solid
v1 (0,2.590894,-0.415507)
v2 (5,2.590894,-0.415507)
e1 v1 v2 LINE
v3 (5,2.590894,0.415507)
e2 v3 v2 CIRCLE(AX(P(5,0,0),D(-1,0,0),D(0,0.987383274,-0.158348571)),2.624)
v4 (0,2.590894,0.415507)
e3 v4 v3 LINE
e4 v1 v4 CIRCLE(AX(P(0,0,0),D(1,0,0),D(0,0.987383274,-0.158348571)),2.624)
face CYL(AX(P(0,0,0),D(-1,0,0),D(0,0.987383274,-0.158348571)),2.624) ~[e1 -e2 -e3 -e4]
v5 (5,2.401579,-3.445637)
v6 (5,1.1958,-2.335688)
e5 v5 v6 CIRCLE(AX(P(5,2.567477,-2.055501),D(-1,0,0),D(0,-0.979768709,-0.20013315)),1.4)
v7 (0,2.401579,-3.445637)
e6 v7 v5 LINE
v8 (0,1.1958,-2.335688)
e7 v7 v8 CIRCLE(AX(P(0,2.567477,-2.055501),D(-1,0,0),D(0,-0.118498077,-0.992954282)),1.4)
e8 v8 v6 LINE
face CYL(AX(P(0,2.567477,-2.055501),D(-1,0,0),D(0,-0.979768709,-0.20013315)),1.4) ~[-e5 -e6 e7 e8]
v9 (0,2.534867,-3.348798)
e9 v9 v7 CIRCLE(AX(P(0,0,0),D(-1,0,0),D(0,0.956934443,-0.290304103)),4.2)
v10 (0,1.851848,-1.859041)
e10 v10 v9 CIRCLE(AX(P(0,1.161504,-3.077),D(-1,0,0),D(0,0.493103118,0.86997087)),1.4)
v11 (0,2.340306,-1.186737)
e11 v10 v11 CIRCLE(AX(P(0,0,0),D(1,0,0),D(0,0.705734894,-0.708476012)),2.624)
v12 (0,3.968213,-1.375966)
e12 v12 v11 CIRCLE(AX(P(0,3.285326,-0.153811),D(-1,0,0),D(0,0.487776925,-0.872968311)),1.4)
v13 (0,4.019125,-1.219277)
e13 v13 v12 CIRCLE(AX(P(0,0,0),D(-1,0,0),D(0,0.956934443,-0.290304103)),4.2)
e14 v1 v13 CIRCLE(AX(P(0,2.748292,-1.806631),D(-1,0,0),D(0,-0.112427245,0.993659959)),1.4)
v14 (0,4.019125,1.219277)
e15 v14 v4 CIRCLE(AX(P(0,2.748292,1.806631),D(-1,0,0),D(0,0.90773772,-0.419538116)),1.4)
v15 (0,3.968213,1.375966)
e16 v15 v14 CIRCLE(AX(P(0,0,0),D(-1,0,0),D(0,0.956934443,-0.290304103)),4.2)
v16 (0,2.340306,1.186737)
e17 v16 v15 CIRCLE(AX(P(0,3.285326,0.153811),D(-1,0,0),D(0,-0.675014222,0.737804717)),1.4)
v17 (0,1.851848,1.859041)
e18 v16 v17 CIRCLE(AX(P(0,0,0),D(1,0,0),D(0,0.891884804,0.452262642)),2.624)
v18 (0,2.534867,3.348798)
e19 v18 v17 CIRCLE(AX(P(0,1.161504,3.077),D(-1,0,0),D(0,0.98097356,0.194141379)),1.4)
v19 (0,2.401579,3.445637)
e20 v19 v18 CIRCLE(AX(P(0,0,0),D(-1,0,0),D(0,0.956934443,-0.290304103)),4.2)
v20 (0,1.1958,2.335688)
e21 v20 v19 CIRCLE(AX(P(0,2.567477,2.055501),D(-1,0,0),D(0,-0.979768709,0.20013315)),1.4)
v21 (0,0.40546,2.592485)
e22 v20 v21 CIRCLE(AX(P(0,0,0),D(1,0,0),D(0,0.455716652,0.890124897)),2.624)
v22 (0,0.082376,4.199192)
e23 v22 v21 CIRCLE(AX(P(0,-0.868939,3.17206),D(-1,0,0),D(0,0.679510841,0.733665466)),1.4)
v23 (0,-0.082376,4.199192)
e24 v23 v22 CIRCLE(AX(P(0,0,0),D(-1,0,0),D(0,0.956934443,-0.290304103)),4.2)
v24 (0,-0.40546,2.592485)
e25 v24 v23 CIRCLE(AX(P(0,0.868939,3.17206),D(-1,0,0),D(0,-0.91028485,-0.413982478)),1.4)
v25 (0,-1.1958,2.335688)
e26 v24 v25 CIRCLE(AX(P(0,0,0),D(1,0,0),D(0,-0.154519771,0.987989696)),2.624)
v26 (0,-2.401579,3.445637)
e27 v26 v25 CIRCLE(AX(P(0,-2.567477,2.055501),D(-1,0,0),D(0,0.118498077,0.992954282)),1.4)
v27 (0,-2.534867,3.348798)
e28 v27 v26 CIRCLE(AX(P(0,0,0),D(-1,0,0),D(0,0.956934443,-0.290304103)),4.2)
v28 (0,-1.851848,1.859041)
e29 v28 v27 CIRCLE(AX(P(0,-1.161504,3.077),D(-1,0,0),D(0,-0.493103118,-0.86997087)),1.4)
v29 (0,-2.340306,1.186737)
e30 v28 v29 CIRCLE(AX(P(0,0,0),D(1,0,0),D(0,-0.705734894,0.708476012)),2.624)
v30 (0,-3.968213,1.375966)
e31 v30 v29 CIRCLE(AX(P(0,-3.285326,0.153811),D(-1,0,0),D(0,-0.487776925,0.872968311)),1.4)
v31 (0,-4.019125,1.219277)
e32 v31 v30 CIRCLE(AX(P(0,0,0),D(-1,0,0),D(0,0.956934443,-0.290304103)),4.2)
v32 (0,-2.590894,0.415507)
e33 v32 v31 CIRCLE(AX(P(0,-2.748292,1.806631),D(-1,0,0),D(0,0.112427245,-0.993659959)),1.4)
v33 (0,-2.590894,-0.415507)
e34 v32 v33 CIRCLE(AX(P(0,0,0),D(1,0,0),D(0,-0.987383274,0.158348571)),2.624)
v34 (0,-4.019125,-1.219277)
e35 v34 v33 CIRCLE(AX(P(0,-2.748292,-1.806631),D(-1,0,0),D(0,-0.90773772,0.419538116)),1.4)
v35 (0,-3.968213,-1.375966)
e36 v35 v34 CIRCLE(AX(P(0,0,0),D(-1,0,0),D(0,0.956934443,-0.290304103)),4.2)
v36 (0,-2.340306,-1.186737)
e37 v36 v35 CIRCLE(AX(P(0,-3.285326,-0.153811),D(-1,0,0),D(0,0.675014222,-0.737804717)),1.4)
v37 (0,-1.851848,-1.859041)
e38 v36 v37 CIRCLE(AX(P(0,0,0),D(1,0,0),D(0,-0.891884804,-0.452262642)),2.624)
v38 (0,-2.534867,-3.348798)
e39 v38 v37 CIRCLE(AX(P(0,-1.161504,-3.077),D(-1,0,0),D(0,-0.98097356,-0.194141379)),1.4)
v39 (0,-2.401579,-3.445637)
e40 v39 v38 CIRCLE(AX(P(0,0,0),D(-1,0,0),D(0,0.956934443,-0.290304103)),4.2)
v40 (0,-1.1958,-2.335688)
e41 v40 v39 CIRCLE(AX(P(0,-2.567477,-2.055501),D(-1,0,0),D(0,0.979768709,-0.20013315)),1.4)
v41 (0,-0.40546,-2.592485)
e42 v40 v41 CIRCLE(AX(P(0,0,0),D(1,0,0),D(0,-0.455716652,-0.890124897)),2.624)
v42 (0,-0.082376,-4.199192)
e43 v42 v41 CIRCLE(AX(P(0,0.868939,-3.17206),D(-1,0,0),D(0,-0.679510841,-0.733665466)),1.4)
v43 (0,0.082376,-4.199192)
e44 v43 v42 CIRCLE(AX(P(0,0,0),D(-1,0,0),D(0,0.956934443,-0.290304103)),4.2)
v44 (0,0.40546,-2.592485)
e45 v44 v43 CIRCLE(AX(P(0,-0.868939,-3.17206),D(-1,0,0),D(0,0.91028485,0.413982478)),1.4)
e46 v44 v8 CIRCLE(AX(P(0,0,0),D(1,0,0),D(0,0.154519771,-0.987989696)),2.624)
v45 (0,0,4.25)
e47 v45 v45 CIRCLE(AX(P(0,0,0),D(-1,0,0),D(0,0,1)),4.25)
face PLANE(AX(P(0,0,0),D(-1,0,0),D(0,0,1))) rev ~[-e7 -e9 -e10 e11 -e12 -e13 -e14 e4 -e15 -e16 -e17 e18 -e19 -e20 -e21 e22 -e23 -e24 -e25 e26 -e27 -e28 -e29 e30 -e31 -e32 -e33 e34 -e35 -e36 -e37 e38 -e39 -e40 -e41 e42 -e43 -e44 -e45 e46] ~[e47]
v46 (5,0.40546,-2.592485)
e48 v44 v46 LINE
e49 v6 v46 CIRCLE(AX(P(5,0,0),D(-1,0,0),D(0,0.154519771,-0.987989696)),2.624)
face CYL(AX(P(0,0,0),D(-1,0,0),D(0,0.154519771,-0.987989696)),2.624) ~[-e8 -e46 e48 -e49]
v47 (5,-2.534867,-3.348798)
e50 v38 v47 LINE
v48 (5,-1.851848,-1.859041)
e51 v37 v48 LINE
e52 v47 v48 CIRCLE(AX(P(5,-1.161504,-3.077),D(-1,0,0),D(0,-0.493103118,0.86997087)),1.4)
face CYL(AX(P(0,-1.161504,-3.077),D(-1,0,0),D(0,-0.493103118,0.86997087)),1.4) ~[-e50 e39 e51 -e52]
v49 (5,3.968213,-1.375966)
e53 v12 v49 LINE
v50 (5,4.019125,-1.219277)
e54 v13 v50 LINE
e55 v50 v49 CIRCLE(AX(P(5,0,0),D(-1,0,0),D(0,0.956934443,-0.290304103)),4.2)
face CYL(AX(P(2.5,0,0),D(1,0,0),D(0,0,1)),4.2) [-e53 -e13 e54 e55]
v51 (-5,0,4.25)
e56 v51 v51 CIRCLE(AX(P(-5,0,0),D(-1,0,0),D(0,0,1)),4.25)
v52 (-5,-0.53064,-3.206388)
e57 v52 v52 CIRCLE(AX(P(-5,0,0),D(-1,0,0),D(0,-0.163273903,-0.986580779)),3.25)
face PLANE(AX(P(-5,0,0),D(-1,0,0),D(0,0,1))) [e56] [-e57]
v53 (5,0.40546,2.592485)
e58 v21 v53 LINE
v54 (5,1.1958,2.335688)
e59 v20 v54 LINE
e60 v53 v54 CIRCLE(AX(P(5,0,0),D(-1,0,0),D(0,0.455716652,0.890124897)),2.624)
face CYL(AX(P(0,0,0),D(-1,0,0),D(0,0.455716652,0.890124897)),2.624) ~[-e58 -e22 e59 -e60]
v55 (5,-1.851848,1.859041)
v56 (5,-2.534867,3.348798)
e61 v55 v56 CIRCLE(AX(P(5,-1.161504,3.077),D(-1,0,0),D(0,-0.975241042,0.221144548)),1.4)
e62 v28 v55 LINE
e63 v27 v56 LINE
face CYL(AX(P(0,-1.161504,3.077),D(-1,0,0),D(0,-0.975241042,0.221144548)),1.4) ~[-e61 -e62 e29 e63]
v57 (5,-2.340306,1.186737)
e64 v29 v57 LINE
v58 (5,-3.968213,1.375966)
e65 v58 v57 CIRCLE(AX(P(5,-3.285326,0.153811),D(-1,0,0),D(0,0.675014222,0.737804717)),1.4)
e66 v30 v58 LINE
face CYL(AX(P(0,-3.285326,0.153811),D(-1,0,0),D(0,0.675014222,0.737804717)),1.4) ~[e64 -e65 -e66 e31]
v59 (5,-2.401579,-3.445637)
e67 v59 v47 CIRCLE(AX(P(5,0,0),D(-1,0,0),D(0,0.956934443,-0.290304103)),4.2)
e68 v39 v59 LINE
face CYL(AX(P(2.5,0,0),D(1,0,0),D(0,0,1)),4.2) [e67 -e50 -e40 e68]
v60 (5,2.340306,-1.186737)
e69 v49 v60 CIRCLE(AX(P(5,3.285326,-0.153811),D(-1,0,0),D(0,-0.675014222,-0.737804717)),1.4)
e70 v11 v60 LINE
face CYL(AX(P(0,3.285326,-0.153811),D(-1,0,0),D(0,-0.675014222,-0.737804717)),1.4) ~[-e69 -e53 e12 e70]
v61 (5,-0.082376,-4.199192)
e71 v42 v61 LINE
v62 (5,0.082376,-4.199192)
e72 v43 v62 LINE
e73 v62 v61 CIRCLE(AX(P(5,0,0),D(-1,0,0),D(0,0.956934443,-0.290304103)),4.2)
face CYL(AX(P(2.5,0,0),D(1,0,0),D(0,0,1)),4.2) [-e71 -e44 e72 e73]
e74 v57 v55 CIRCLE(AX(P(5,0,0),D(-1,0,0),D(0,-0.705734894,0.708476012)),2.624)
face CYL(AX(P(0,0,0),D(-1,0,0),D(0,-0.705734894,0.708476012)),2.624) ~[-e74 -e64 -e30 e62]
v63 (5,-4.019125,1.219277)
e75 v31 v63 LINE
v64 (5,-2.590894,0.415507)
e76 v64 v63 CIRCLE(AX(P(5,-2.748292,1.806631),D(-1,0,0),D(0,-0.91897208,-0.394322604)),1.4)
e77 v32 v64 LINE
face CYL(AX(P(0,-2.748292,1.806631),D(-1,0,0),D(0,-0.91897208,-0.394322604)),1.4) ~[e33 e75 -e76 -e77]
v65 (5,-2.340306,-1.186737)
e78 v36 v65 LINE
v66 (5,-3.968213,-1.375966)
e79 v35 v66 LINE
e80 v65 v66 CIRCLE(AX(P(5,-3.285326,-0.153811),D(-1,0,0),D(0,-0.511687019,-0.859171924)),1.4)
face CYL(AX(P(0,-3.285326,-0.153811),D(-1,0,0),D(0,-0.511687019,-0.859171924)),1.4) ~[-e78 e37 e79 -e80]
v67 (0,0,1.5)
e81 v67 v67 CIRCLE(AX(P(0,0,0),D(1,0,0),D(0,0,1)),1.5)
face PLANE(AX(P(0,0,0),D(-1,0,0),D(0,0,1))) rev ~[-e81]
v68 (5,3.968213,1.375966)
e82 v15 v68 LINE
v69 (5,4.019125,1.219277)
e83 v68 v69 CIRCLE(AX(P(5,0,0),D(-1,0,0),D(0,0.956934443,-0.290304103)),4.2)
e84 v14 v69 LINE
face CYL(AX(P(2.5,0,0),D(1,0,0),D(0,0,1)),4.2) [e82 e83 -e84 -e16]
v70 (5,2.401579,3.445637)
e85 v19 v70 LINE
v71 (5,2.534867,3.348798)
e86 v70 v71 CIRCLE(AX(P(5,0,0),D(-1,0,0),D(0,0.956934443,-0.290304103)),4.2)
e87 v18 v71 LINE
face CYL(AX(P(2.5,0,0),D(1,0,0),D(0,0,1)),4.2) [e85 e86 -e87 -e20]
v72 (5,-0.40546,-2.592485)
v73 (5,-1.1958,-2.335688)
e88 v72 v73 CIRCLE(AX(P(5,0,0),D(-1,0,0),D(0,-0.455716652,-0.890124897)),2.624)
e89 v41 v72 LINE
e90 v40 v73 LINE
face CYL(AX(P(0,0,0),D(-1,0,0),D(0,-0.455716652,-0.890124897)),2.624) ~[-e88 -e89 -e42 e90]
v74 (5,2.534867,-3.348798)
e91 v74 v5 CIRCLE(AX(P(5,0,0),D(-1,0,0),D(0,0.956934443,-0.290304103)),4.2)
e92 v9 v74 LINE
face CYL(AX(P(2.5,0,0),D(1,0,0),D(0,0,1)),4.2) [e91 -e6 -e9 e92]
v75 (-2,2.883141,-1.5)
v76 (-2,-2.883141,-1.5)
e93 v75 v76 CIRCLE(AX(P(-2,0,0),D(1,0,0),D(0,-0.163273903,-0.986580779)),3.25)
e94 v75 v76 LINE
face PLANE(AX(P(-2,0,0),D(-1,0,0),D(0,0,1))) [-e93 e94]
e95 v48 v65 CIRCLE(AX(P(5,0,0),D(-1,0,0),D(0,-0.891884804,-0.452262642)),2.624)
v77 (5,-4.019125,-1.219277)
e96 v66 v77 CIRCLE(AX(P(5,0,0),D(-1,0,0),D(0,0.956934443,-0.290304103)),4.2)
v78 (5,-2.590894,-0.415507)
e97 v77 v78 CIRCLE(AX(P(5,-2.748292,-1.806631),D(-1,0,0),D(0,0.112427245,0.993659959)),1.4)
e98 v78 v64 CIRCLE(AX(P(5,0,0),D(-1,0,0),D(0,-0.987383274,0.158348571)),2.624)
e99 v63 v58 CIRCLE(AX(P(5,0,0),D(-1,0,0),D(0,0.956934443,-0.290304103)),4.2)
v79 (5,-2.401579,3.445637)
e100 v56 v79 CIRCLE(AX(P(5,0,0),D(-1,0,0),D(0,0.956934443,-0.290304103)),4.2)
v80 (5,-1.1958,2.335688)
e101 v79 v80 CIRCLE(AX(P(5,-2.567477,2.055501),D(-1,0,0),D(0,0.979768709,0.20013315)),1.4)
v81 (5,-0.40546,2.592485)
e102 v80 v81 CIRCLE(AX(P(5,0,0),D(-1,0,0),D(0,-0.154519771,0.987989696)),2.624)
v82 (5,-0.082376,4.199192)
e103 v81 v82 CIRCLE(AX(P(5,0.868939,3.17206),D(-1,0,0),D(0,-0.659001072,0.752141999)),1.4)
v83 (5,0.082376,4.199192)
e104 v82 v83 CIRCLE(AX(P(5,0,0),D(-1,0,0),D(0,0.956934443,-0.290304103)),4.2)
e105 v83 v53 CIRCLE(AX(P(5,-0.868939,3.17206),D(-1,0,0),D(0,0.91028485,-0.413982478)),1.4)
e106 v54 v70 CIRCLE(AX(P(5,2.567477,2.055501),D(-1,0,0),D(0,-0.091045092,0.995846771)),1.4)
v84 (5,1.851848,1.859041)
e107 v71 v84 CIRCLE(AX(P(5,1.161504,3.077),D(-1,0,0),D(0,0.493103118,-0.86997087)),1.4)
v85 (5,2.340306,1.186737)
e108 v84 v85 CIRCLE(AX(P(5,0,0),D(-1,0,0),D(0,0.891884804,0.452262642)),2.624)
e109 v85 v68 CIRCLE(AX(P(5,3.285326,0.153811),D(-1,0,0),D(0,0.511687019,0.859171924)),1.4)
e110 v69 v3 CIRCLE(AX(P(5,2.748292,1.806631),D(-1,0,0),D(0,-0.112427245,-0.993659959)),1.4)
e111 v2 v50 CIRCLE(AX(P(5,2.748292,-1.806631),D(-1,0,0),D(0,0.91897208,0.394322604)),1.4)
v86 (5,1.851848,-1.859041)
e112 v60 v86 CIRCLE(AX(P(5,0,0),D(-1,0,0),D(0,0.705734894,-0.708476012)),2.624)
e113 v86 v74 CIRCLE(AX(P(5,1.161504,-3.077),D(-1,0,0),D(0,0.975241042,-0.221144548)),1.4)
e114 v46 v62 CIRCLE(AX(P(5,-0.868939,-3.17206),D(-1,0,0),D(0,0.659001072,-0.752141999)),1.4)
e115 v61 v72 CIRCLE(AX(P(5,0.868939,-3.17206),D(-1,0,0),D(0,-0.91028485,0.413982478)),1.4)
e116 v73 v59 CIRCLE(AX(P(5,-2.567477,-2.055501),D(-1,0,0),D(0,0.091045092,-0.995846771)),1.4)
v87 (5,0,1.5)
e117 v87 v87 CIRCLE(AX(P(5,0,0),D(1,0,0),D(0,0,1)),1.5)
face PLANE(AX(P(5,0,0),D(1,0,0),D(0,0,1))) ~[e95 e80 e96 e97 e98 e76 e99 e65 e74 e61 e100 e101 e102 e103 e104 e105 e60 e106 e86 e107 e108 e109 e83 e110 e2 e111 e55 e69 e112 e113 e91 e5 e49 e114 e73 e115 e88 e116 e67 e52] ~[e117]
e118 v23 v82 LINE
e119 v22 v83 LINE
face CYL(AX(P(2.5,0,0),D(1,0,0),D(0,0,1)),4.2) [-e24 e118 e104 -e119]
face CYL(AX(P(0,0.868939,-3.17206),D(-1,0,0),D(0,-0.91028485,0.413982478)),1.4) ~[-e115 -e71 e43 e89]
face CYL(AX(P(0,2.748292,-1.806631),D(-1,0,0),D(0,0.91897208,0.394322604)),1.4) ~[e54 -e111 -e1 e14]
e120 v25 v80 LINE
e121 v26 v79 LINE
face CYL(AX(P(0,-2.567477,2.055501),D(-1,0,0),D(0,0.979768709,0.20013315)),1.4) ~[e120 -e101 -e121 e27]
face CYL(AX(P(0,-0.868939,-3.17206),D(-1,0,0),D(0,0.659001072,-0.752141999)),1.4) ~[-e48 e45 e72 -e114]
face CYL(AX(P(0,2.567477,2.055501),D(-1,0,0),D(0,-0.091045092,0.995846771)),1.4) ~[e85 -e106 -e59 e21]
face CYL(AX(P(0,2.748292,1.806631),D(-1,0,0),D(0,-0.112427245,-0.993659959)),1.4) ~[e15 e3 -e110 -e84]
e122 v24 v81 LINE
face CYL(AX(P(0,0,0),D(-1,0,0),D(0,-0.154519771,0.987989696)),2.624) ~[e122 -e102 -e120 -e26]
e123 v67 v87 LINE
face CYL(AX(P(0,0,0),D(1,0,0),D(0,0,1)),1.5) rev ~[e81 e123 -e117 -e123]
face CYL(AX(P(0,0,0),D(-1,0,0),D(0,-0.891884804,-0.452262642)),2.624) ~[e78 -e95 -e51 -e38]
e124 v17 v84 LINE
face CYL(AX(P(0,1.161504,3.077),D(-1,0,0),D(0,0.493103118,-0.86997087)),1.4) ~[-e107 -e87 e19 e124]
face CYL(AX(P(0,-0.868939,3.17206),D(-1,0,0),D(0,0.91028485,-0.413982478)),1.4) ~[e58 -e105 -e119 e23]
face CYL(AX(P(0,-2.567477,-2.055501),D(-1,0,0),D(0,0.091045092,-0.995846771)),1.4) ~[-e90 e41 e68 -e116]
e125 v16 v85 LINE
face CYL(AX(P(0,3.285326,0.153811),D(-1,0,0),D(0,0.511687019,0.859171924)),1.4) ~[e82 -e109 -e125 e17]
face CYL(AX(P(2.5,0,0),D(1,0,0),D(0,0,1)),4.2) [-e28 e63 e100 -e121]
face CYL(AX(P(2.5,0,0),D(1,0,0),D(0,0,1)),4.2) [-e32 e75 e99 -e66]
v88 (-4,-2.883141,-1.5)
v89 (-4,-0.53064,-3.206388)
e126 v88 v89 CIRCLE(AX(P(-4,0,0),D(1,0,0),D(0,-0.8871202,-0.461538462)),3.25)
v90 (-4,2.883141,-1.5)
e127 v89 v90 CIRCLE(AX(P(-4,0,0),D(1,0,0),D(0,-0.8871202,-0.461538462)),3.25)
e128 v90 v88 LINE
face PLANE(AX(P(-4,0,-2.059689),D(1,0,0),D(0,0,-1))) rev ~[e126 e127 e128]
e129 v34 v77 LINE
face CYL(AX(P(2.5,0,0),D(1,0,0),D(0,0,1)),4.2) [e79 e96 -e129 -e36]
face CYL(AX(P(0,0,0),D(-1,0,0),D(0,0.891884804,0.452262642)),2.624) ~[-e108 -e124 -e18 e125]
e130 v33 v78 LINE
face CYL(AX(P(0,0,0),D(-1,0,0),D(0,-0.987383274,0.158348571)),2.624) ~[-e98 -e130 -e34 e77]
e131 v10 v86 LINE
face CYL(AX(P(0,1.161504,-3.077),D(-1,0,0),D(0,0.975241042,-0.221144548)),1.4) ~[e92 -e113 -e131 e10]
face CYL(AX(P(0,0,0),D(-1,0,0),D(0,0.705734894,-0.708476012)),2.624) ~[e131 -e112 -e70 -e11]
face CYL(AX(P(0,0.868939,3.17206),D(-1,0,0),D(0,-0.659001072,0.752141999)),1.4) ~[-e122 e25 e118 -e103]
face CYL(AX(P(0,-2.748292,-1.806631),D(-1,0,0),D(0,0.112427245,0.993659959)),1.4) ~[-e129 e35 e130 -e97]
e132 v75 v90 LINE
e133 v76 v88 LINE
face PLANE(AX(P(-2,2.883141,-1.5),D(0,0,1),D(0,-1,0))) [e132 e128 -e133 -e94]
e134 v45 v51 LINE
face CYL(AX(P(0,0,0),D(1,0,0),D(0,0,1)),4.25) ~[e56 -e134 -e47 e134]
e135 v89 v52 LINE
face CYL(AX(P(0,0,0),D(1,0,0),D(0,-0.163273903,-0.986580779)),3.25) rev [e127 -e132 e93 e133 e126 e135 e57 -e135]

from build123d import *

# Parameters (mm, degrees)
BASPROSKE_W             = 5
BASPROSKE_H             = 4.2
TOOTHCUT_DEPTH          = 8.764019578
TEETHCUTS_COUNT         = 10
TEETHCUTS_ANGLE         = 324
BORSKE_R                = 1.5
BORE_DEPTH              = 50.0000508
CROQUIS1_R              = 4.25
CROQUIS1_R_2            = 3.25
SALIENTE_EXTRUIR1_DEPTH = 5
CROQUIS2_R              = 3.25
SALIENTE_EXTRUIR2_DEPTH = 2
SALIENTE_EXTRUIR3_DEPTH = 2


with BuildPart() as part:
    # BasProSke → Base-Revolve (revolve)
    with BuildSketch(Plane(origin=(0, 0, 0), x_dir=(1, 0, 0), z_dir=(0, 1, 0)), mode=Mode.PRIVATE) as base_revolve_sk:
        with Locations((2.5, 2.1)):
            Rectangle(BASPROSKE_W, BASPROSKE_H)
    revolve(base_revolve_sk.sketch.rotate(Axis((-10, 0, 0), (1, 0, 0)), 180), axis=Axis((-10, 0, 0), (1, 0, 0)))

    # TooCutSke → ToothCut (cut, through all)
    with BuildSketch(Plane(origin=(0, 0, 0), x_dir=(0, 0, -1), z_dir=(1, 0, 0))):
        with BuildLine():
            ThreePointArc((0.415506654, 2.590893711), (0, 2.624), (-0.415506654, 2.590893711))
            ThreePointArc((-0.415506654, 2.590893711), (-0.596160737, 3.451685568), (-1.254578949, 4.034852763))
            ThreePointArc((-1.254578949, 4.034852763), (0, 4.2254), (1.254578949, 4.034852763))
            ThreePointArc((1.254578949, 4.034852763), (0.596160737, 3.451685568), (0.415506654, 2.590893711))
        make_face()
    toothcut = extrude(amount=TOOTHCUT_DEPTH, mode=Mode.SUBTRACT)

    # TeethCuts: ToothCut ×10 about axis
    teethcuts_axis = Axis((-10, 0, 0), (1, 0, 0))
    for i in range(1, TEETHCUTS_COUNT):
        add(toothcut.rotate(teethcuts_axis, i * TEETHCUTS_ANGLE / (TEETHCUTS_COUNT - 1)), mode=Mode.SUBTRACT)

    # BorSke → Bore (cut, symmetric)
    with BuildSketch(Plane(origin=(0, 0, 0), x_dir=(0, 0, -1), z_dir=(1, 0, 0))):
        with Locations(Location((0, 0, 0), (0, 0, 180))):
            Circle(BORSKE_R)
    extrude(amount=BORE_DEPTH, both=True, mode=Mode.SUBTRACT)

    # Croquis1 → Saliente-Extruir1 (add)
    with BuildSketch(Plane.ZY):
        Circle(CROQUIS1_R)
        with Locations(Location((0, 0, 0), (0, 0, 189.396976621))):
            Circle(CROQUIS1_R_2, mode=Mode.SUBTRACT)
    extrude(amount=SALIENTE_EXTRUIR1_DEPTH)

    # Croquis2 → Saliente-Extruir2 (add)
    with BuildSketch(Plane.ZY):
        Circle(CROQUIS2_R)
    extrude(amount=SALIENTE_EXTRUIR2_DEPTH)

    # Croquis3 → Saliente-Extruir3 (add)
    with BuildSketch(Plane.ZY.offset(2)):
        with BuildLine():
            Line((-1.5, 2.883140649), (-1.5, -2.883140649))
            ThreePointArc((-1.5, -2.883140649), (-3.25, 0), (-1.5, 2.883140649))
        make_face()
    extrude(amount=SALIENTE_EXTRUIR3_DEPTH)


solid = part.part
